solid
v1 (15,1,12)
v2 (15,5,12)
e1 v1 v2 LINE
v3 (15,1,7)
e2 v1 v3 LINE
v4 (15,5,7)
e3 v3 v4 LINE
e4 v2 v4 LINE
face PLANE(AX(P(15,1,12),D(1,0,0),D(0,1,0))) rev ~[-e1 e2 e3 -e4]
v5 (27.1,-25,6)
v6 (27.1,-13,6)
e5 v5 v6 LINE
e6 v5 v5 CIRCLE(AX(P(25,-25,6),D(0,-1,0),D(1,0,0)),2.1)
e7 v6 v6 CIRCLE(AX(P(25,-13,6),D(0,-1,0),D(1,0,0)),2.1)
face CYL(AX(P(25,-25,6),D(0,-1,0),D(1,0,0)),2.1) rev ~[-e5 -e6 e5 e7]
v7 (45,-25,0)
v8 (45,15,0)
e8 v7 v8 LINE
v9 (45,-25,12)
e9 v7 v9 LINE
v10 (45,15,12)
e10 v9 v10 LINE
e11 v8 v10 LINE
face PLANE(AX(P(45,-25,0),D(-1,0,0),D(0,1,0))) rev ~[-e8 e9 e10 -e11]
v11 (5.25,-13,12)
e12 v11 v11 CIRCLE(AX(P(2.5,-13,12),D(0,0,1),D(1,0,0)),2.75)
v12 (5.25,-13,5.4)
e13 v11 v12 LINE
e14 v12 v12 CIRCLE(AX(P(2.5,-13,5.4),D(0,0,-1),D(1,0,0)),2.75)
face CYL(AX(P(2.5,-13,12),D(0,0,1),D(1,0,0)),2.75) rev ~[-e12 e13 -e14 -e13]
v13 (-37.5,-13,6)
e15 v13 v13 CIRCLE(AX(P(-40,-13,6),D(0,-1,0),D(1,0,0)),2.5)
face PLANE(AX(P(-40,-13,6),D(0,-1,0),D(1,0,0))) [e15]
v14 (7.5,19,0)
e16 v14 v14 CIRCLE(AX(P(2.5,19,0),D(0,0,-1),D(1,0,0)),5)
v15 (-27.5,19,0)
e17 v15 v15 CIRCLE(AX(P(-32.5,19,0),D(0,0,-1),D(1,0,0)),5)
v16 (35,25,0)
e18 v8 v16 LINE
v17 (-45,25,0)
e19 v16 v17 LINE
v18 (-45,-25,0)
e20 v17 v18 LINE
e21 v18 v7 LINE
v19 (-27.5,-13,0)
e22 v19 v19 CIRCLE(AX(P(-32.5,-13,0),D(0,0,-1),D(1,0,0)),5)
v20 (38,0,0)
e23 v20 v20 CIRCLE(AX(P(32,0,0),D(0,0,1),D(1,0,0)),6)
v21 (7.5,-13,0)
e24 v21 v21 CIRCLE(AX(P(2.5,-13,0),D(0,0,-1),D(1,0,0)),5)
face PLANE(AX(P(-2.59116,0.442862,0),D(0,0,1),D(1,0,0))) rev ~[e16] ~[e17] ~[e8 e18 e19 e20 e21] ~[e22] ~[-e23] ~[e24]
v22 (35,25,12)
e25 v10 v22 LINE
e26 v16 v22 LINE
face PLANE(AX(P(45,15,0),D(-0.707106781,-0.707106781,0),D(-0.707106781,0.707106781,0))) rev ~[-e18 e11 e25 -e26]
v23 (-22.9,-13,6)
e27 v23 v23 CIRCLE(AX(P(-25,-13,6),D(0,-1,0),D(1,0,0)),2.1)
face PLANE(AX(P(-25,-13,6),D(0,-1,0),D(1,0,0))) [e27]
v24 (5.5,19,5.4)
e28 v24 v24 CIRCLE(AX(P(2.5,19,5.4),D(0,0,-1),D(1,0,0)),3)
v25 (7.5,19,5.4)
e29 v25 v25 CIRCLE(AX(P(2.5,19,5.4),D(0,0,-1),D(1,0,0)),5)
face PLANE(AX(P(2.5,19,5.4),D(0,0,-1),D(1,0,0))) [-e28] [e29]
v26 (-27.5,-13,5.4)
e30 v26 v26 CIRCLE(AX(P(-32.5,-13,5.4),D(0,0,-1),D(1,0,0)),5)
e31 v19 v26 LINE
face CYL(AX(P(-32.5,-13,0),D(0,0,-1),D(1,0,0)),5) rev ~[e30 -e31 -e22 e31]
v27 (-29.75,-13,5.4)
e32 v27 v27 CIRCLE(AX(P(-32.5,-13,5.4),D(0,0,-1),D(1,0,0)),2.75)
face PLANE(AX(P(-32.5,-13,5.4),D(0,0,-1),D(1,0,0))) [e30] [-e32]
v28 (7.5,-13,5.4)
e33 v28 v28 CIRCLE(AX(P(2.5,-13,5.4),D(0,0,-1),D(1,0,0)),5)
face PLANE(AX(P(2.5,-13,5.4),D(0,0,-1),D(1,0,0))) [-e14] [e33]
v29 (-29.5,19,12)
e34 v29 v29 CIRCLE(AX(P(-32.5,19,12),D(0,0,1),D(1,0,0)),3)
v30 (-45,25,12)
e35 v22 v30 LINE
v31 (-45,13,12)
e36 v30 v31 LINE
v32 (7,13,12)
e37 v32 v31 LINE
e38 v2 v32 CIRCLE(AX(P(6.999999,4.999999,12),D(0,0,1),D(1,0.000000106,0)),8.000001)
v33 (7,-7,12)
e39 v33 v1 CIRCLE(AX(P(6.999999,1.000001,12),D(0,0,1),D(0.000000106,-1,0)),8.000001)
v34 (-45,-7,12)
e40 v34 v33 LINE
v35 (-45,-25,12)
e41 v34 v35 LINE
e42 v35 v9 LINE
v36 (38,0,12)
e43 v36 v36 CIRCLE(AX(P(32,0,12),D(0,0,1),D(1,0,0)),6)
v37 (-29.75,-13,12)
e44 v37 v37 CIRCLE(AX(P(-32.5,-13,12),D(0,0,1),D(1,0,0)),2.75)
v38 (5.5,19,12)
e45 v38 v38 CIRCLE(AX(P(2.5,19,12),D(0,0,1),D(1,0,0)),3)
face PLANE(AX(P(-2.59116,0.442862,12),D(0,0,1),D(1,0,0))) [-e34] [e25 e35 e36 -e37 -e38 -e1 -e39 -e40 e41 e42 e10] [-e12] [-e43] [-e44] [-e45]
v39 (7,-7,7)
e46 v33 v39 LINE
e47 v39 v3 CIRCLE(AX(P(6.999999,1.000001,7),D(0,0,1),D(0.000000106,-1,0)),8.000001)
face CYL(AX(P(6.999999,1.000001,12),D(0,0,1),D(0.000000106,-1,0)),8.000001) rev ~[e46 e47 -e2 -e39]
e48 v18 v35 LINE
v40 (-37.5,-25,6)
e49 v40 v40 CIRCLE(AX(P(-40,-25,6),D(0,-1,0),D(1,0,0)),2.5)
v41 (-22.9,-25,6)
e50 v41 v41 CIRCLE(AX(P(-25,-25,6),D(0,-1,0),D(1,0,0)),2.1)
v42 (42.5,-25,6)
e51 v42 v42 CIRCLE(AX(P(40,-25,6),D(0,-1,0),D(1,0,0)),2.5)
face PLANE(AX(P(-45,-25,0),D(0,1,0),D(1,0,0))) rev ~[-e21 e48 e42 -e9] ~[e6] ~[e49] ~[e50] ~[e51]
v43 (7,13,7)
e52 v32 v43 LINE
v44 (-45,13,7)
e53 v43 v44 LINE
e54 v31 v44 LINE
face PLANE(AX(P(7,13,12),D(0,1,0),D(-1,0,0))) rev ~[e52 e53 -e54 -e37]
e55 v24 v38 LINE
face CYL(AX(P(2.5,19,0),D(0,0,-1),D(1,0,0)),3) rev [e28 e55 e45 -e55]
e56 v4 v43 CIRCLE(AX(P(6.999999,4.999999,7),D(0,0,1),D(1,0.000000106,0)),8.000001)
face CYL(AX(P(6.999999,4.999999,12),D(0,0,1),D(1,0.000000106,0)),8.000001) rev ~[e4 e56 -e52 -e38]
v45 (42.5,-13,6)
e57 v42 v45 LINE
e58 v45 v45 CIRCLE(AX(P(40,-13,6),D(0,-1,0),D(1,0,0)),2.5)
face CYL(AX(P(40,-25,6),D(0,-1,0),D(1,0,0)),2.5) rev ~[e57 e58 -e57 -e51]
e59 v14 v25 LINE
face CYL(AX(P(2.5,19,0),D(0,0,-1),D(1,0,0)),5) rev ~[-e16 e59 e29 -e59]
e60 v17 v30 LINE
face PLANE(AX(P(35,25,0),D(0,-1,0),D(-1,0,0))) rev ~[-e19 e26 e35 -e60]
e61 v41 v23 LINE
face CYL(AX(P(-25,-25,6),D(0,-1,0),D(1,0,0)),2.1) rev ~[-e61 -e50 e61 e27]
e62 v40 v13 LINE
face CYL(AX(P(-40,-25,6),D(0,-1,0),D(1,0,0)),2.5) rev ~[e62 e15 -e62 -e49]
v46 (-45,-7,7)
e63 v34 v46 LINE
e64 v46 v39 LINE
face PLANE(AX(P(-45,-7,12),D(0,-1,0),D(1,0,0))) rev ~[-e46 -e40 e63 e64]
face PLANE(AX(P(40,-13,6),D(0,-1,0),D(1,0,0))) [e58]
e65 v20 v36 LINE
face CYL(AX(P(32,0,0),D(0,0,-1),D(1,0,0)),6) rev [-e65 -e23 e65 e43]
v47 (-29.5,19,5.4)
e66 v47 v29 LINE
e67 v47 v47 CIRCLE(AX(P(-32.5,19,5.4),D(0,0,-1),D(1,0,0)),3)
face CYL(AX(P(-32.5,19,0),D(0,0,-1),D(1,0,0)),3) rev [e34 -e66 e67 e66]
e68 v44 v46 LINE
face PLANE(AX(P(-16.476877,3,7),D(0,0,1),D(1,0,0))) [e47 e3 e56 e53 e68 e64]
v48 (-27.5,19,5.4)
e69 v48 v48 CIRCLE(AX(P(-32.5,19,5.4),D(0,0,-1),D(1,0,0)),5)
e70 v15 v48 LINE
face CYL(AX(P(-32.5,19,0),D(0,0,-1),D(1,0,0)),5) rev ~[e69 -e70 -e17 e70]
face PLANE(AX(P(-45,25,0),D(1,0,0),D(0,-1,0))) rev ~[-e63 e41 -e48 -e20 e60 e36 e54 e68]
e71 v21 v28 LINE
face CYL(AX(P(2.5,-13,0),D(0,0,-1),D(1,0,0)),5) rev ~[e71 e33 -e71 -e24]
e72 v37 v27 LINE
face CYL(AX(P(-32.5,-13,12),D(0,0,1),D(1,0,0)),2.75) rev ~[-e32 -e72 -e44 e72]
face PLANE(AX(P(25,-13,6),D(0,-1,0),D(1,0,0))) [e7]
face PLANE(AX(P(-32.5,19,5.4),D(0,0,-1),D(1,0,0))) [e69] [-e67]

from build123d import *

# Parameters (mm, degrees)
F0_R     = 3
F0_R_2   = 6
F1_DEPTH = 12
F3_DEPTH = 5
F4_R     = 2.75
F5_DEPTH = 25
F6_R     = 2.5
F6_R_2   = 2.1
F7_DEPTH = 12
F8_R     = 5
F8_R_2   = 3
F8_R_3   = 2.75
F9_DEPTH = 5.4


with BuildPart() as f1:
    # F0 (on Top) → F1 (new body)
    with BuildSketch(Plane.XY):
        with BuildLine():
            Line((-45, -25), (45, -25))
            Line((45, -25), (45, 15))
            Line((45, 15), (35, 25))
            Line((35, 25), (-45, 25))
            Line((-45, 25), (-45, 13))
            Line((-45, 13), (7, 13))
            ThreePointArc((7, 13), (12.656854, 10.656854), (15, 5))
            Line((15, 5), (15, 1))
            ThreePointArc((15, 1), (12.656854, -4.656854), (7, -7))
            Line((7, -7), (-45, -7))
            Line((-45, -7), (-45, -25))
        make_face()
        with Locations((-32.5, 19)):
            Circle(F0_R, mode=Mode.SUBTRACT)
        with Locations((32, 0)):
            Circle(F0_R_2, mode=Mode.SUBTRACT)
        with Locations((2.5, 19)):
            Circle(F0_R, mode=Mode.SUBTRACT)
        with BuildLine():
            Line((-45, 13), (-45, -7))
            Line((-45, -7), (7, -7))
            ThreePointArc((7, -7), (12.656854, -4.656854), (15, 1))
            Line((15, 1), (15, 5))
            ThreePointArc((15, 5), (12.656854, 10.656854), (7, 13))
            Line((7, 13), (-45, 13))
        make_face()
    extrude(amount=F1_DEPTH)

    # F2 (on face) → F3 (cut)
    with BuildSketch(Plane.XY.offset(12)):
        with BuildLine():
            Line((-45, 13), (-45, -7))
            Line((-45, -7), (7, -7))
            ThreePointArc((7, -7), (12.656854, -4.656854), (15, 1))
            Line((15, 1), (15, 5))
            ThreePointArc((15, 5), (12.656854, 10.656854), (7, 13))
            Line((7, 13), (-45, 13))
        make_face()
    extrude(amount=-F3_DEPTH, mode=Mode.SUBTRACT)

    # F4 (on face) → F5 (cut)
    with BuildSketch(Plane.XY.offset(12)):
        with Locations((-32.5, -13)):
            Circle(F4_R)
        with Locations((2.5, -13)):
            Circle(F4_R)
    extrude(amount=-F5_DEPTH, mode=Mode.SUBTRACT)

    # F6 (on face) → F7 (cut)
    with BuildSketch(Plane.XZ.offset(25)):
        with Locations((-40, 6)):
            Circle(F6_R)
        with Locations((-25, 6)):
            Circle(F6_R_2)
        with Locations((25, 6)):
            Circle(F6_R_2)
        with Locations((40, 6)):
            Circle(F6_R)
    extrude(amount=-F7_DEPTH, mode=Mode.SUBTRACT)

    # F8 (on face) → F9 (cut)
    with BuildSketch(Plane(origin=(0, 0, 0), x_dir=(1, 0, 0), z_dir=(0, 0, -1))):
        with Locations((2.5, -19)):
            Circle(F8_R)
        with Locations((2.5, -19)):
            Circle(F8_R_2, mode=Mode.SUBTRACT)
        with Locations((2.5, 13)):
            Circle(F8_R)
        with Locations((2.5, 13)):
            Circle(F8_R_3, mode=Mode.SUBTRACT)
        with Locations((-32.5, -19)):
            Circle(F8_R)
        with Locations((-32.5, -19)):
            Circle(F8_R_2, mode=Mode.SUBTRACT)
        with Locations((-32.5, 13)):
            Circle(F8_R)
        with Locations((-32.5, 13)):
            Circle(F8_R_3, mode=Mode.SUBTRACT)
    extrude(amount=-F9_DEPTH, mode=Mode.SUBTRACT)


solid = f1.part
